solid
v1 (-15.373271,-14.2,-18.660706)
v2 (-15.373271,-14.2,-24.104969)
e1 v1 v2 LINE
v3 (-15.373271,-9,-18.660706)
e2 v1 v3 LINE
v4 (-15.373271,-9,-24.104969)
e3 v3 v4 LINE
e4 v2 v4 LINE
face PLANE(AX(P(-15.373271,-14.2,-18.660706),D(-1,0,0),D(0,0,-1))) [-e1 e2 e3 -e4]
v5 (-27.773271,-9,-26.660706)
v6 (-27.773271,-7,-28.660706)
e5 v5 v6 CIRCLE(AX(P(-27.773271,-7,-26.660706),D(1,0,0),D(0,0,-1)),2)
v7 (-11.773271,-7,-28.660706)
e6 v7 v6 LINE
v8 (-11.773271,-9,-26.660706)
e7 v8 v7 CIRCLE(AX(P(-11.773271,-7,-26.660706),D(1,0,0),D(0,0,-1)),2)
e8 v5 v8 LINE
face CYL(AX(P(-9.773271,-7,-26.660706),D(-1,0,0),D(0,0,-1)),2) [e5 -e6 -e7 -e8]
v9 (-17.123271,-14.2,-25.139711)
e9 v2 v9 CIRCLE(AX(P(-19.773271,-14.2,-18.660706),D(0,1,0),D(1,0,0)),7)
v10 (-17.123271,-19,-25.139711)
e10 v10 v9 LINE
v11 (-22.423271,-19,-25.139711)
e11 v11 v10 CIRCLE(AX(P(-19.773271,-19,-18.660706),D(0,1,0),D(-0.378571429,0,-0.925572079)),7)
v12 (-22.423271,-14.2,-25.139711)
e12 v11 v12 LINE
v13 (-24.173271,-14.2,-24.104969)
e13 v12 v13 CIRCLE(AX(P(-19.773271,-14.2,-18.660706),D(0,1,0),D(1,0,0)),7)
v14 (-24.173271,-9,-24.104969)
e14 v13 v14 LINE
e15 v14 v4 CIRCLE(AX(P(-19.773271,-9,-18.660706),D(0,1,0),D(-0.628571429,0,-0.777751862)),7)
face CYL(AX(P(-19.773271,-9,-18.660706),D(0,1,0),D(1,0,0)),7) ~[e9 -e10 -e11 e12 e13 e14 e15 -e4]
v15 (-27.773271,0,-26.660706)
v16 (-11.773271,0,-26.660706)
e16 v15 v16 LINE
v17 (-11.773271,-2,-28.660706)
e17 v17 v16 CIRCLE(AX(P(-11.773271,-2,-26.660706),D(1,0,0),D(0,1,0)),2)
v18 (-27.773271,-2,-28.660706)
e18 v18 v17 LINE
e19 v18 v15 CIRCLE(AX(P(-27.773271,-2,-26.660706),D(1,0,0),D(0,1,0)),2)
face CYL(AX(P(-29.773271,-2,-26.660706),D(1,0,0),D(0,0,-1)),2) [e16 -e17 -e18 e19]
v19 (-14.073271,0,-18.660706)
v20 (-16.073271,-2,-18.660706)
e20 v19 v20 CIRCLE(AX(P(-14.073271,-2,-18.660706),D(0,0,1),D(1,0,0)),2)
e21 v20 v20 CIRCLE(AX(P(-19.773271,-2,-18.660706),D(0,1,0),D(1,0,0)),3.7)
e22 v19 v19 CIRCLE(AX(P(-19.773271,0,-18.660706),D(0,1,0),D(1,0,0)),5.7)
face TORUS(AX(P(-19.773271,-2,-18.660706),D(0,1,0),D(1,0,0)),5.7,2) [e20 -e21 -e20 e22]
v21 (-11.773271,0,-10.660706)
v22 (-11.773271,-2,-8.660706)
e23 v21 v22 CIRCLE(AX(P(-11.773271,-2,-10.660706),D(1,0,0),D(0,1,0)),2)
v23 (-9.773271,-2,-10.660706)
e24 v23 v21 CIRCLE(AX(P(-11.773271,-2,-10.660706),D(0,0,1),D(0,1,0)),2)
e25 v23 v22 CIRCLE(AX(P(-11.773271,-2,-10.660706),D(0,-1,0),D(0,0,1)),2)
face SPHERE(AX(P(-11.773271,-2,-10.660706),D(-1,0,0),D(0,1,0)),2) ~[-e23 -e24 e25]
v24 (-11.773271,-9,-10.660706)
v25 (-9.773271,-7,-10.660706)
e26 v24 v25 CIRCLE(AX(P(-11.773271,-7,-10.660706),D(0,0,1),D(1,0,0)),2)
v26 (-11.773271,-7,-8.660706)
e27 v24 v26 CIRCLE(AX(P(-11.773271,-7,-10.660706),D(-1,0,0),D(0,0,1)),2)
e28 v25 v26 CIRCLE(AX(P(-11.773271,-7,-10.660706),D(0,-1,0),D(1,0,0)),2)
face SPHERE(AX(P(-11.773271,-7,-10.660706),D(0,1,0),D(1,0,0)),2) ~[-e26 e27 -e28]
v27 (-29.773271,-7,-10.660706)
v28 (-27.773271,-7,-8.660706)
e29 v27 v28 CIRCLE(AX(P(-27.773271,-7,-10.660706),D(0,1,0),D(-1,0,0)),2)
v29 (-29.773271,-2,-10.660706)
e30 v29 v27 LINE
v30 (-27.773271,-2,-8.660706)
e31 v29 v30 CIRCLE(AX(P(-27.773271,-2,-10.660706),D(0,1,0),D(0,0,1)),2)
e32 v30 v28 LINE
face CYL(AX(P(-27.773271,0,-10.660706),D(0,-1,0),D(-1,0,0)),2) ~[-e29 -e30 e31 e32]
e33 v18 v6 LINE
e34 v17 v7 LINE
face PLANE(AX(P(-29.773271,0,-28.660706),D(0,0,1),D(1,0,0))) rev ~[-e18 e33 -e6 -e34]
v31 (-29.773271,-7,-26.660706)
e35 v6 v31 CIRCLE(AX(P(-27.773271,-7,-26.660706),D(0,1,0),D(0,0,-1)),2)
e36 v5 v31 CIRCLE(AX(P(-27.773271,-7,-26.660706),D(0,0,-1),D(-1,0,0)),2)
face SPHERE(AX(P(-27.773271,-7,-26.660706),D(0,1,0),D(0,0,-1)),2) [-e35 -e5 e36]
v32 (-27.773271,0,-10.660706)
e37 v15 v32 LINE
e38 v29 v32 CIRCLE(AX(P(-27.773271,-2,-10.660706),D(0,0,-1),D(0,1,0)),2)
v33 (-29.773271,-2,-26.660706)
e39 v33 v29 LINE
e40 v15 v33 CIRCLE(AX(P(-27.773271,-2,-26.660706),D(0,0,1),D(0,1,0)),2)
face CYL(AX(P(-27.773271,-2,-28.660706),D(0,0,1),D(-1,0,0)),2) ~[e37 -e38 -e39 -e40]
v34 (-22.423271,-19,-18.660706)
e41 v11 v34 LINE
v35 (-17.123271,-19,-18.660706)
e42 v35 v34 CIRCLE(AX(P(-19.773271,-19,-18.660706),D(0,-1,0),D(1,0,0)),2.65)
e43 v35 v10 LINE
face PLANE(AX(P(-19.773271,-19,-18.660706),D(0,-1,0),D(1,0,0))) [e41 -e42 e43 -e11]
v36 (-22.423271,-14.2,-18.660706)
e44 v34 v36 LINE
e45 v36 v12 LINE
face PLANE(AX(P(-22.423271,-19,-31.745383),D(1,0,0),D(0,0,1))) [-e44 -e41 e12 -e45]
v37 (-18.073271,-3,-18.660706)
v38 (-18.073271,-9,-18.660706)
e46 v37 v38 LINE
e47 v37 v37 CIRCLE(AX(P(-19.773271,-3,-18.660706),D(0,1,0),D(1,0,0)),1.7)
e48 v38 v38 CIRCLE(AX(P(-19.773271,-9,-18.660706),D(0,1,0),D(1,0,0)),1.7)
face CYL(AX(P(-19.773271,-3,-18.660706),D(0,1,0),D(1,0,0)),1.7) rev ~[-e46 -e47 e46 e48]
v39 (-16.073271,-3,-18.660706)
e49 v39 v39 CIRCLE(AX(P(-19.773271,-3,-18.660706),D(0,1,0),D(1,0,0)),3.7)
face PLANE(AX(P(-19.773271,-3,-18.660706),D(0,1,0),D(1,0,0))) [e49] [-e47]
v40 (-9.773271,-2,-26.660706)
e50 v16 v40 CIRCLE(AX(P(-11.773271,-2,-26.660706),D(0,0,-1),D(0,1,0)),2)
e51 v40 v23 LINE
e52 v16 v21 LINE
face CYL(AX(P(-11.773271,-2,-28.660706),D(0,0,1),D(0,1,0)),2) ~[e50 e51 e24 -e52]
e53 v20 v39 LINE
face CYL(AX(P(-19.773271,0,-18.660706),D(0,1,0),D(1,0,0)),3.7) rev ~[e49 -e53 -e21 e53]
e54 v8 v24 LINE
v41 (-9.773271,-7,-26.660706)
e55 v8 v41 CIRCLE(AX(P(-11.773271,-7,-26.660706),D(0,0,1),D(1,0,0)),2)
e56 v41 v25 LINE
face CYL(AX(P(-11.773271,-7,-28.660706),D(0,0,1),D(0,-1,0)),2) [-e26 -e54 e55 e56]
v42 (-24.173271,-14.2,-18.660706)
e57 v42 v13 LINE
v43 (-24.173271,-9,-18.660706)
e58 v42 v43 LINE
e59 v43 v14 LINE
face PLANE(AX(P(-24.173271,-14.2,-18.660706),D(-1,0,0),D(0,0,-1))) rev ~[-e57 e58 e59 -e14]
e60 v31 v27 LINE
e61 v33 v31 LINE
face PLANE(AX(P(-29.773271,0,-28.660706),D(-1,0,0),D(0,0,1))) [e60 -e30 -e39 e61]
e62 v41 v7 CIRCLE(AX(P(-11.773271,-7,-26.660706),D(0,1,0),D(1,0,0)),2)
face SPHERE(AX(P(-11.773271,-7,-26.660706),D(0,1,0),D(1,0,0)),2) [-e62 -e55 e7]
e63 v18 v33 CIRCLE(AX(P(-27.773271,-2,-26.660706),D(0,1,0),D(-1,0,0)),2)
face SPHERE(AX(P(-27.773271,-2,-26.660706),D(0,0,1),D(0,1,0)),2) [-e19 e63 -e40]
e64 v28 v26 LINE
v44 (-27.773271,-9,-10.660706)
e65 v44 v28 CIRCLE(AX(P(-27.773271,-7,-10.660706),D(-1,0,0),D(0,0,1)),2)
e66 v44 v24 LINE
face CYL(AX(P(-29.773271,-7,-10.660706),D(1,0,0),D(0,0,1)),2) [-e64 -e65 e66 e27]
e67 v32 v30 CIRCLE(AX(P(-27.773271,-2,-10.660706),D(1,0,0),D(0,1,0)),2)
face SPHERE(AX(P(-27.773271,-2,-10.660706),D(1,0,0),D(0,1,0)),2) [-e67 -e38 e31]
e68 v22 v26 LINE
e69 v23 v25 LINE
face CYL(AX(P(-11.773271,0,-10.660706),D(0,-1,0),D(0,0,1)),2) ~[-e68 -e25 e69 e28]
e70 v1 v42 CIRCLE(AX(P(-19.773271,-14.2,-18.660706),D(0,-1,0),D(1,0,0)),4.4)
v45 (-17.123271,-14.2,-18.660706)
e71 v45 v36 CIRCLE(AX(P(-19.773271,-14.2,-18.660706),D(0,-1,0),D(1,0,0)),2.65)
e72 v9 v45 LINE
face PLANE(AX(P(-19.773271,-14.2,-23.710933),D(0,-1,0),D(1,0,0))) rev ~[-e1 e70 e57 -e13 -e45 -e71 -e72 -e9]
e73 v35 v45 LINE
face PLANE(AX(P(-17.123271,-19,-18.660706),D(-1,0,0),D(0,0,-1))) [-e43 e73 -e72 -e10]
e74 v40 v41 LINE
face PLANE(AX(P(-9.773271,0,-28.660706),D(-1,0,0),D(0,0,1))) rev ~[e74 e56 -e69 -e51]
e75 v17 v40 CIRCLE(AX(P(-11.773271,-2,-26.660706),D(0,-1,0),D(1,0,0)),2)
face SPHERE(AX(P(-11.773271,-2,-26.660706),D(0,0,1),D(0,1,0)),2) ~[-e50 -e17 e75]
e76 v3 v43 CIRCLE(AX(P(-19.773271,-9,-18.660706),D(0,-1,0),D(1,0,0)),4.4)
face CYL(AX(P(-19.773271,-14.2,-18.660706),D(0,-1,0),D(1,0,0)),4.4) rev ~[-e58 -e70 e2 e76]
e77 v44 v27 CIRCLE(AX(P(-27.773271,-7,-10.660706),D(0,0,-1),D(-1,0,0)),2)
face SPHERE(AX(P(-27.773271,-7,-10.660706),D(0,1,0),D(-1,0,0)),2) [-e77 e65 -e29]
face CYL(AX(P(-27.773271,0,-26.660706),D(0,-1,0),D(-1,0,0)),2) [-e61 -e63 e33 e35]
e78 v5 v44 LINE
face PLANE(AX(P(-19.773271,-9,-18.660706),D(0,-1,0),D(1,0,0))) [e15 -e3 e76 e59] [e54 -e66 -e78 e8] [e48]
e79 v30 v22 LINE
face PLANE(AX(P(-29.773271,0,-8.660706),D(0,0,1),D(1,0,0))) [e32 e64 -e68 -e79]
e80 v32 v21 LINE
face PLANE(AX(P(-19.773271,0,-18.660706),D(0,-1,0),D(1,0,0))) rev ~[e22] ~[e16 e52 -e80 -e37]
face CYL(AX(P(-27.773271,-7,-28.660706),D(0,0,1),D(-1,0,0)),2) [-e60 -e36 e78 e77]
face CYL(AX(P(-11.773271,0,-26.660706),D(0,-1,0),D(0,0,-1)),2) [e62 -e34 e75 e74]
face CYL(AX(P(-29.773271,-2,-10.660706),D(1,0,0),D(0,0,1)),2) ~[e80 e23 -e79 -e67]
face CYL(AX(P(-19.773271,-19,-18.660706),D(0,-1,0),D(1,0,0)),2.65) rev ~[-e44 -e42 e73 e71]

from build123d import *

# Parameters (mm, degrees)
SKETCH042_W     = 20
SKETCH042_H     = 20
PAD022_DEPTH    = 9
SKETCH043_R     = 7
PAD023_DEPTH    = 10
POCKET023_DEPTH = 8
SKETCH046_W     = 8.75
SKETCH046_H     = 5.2
POCKET024_DEPTH = 1
SKETCH047_R     = 3.7
POCKET025_DEPTH = 3
SKETCH048_R     = 1.675
POCKET026_DEPTH = 5
FILLET007_R     = 2
POCKET033_DEPTH = 5.2
SKETCH058_R     = 1.7
POCKET034_DEPTH = 10


with BuildPart() as part:
    # Sketch042 → Pad022 (new body)
    with BuildSketch(Plane.XZ):
        with Locations((-19.773271, -18.660706)):
            Rectangle(SKETCH042_W, SKETCH042_H)
    extrude(amount=PAD022_DEPTH)

    # Sketch043 (on Face6 of Pad022) → Pad023 (join)
    with BuildSketch(Plane.XZ.offset(9)):
        with Locations((-19.773271, -18.660706)):
            Circle(SKETCH043_R)
    extrude(amount=PAD023_DEPTH)

    # Sketch044 (on Face8 of Pad023) → Pocket023 (cut)
    with BuildSketch(Plane.XZ.offset(19)):
        with BuildLine():
            Line((-17.123271, -18.660706), (-17.123271, -31.745383))
            Line((-17.123271, -31.745383), (-22.423271, -31.745383))
            Line((-22.423271, -31.745383), (-22.423271, -18.660706))
            ThreePointArc((-17.123271, -18.660706), (-19.773271, -16.010706), (-22.423271, -18.660706))
        make_face()
    extrude(amount=-POCKET023_DEPTH, mode=Mode.SUBTRACT)

    # Sketch046 (on Face6 of Pocket023) → Pocket024 (cut)
    with BuildSketch(Plane(origin=(0, 0, -28.660706), x_dir=(1, 0, 0), z_dir=(0, 0, -1))):
        with Locations((-19.773271, 11.6)):
            Rectangle(SKETCH046_W, SKETCH046_H)
    extrude(amount=-POCKET024_DEPTH, mode=Mode.SUBTRACT)

    # Sketch047 (on Face4 of Pocket024) → Pocket025 (cut)
    with BuildSketch(Plane(origin=(0, 0, 0), x_dir=(1, 0, 0), z_dir=(0, 1, 0))):
        with Locations((-19.773271, 18.660706)):
            Circle(SKETCH047_R)
    extrude(amount=-POCKET025_DEPTH, mode=Mode.SUBTRACT)

    # Sketch048 (on Face11 of Pocket025) → Pocket026 (cut)
    with BuildSketch(Plane.XZ.offset(19)):
        with Locations((-19.773271, -18.660706)):
            Circle(SKETCH048_R)
    extrude(amount=-POCKET026_DEPTH, mode=Mode.SUBTRACT)

    # Fillet007
    fillet007_edges = [part.edges().sort_by_distance(p)[0] for p in [
        (-19.773271, 0, -8.660706),
        (-9.773271, 0, -18.660706),
        (-29.773271, 0, -18.660706),
        (-19.773271, 0, -28.660706),
        (-23.473271, 0, -18.660706),
        (-9.773271, -4.5, -28.660706),
        (-9.773271, -4.5, -8.660706),
        (-9.773271, -9, -18.660706),
        (-29.773271, -4.5, -28.660706),
        (-26.960771, -9, -28.660706),
        (-19.773271, -9, -28.660706),
        (-12.585771, -9, -28.660706),
        (-29.773271, -4.5, -8.660706),
        (-29.773271, -9, -18.660706),
        (-19.773271, -9, -8.660706),
    ]]
    fillet(fillet007_edges, radius=FILLET007_R)

    # Sketch057 (on Face32 of Fillet007) → Pocket033 (cut)
    with BuildSketch(Plane.XZ.offset(14.2)):
        with BuildLine():
            ThreePointArc((-15.373271, -18.660706), (-19.773271, -14.260706), (-24.173271, -18.660706))
            Line((-24.173271, -18.660706), (-24.173271, -31.35503))
            Line((-24.173271, -31.35503), (-15.373271, -31.35503))
            Line((-15.373271, -18.660706), (-15.373271, -31.35503))
        make_face()
    extrude(amount=-POCKET033_DEPTH, mode=Mode.SUBTRACT)

    # Sketch058 (on Face41 of Pocket033) → Pocket034 (cut)
    with BuildSketch(Plane(origin=(0, -3, 0), x_dir=(1, 0, 0), z_dir=(0, 1, 0))):
        with Locations((-19.773271, 18.660706)):
            Circle(SKETCH058_R)
    extrude(amount=-POCKET034_DEPTH, mode=Mode.SUBTRACT)


solid = part.part
